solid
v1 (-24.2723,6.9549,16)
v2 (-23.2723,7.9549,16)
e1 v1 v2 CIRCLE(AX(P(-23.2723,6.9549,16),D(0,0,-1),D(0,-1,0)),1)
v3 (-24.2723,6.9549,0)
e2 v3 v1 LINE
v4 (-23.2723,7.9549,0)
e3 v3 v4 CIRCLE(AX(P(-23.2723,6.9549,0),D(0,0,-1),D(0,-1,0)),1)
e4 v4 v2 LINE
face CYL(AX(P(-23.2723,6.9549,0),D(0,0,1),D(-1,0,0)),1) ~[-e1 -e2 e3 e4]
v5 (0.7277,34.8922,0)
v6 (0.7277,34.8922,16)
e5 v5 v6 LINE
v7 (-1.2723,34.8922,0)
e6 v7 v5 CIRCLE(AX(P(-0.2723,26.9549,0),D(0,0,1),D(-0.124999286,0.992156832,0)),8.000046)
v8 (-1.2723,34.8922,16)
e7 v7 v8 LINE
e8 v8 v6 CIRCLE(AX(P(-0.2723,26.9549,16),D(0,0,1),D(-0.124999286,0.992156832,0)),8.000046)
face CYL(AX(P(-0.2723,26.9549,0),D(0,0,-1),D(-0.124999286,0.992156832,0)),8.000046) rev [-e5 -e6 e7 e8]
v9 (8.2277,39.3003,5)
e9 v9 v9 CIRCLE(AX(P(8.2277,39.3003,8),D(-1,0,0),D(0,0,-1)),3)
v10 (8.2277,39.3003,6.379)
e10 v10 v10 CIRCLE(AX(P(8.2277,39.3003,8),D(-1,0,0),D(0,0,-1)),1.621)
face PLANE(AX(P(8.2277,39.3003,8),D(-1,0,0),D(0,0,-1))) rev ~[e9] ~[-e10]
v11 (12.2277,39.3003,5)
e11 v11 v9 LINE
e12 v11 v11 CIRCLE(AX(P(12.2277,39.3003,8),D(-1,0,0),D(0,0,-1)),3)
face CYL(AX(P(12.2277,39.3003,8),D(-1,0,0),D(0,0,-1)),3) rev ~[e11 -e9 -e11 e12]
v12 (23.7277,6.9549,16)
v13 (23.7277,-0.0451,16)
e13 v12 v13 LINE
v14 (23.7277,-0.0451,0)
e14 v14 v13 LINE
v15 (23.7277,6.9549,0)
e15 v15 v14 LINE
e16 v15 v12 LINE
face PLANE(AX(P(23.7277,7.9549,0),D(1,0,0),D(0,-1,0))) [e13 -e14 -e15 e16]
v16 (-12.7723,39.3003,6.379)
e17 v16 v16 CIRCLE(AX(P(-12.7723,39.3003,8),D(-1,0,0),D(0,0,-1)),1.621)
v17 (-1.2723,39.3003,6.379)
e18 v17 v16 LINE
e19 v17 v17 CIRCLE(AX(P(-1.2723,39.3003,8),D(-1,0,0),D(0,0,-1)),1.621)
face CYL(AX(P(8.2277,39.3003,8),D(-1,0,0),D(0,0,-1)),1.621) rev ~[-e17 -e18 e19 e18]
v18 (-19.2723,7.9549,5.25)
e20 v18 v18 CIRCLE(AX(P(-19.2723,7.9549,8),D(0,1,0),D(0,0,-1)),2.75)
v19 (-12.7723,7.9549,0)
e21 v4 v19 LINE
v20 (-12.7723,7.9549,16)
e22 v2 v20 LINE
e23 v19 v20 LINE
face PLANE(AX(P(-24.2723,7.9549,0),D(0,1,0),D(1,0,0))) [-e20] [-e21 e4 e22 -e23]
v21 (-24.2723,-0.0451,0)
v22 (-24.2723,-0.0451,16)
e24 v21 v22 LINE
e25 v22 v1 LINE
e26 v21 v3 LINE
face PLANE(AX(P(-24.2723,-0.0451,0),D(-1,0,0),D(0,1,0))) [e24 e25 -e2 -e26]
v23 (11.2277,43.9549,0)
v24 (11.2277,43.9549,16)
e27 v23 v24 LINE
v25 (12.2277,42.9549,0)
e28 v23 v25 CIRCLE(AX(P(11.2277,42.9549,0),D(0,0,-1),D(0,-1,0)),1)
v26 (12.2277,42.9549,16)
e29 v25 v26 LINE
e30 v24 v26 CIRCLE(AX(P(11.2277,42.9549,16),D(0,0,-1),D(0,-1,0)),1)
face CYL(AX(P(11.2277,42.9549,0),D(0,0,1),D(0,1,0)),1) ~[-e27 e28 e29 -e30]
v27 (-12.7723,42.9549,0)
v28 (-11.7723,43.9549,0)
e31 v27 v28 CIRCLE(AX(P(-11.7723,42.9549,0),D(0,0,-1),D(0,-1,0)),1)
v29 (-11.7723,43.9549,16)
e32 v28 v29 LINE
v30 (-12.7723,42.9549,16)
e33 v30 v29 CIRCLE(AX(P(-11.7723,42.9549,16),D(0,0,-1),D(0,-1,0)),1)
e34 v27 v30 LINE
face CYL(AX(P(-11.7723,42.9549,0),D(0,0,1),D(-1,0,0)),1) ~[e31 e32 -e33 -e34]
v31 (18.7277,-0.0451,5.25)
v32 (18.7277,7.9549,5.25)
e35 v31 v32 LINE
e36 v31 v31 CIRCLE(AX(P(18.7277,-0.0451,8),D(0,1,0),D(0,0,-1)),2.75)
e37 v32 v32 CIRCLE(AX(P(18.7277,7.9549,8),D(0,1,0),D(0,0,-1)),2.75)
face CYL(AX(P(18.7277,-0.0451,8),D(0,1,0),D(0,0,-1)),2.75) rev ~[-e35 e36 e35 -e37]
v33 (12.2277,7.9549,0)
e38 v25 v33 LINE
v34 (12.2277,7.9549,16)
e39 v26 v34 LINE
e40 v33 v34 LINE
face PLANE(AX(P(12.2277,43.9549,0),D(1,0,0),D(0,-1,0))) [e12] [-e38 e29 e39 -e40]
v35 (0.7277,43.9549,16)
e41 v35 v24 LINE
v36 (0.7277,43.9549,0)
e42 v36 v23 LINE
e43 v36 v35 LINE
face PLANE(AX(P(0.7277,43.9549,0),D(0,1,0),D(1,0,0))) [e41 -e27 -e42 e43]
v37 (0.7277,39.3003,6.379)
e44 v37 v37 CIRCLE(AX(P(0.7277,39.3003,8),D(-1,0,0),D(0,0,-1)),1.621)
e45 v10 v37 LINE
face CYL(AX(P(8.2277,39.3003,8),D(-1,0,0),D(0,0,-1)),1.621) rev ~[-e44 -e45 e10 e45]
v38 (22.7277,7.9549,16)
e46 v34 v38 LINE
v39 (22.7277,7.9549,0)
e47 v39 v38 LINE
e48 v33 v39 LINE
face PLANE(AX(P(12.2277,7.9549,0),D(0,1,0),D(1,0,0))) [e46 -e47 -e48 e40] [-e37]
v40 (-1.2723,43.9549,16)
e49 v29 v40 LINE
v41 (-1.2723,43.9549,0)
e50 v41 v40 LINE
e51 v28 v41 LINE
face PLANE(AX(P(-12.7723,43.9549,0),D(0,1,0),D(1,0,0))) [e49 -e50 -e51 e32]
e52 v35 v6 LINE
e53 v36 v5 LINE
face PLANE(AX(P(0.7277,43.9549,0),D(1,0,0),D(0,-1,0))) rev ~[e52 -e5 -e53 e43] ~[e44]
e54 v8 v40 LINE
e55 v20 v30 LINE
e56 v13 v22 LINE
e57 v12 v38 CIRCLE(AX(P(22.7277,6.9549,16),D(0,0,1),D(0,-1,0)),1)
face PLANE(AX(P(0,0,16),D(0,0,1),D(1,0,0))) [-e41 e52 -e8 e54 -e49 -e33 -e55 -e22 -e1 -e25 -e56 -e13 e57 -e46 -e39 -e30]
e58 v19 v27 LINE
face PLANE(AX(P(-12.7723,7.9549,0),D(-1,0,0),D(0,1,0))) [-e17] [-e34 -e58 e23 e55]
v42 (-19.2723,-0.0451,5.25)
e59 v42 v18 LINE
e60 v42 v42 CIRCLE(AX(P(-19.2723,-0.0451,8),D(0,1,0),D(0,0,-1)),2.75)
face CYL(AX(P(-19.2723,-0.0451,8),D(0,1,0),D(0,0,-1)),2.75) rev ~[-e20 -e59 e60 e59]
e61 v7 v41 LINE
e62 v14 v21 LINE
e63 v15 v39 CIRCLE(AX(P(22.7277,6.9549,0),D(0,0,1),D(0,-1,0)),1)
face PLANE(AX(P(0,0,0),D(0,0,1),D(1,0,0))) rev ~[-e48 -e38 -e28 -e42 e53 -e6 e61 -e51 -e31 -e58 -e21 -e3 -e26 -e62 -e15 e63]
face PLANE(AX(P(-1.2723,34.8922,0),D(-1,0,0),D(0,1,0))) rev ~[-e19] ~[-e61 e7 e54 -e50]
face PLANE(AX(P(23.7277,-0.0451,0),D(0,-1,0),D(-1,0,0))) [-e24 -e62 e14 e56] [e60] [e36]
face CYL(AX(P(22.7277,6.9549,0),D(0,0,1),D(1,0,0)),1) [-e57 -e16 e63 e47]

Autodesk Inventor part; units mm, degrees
ref_plane "YZ Plane" through (0, 0, 0) normal (1, 0, 0) x (0, 1, 0)
ref_plane "XZ Plane" through (0, 0, 0) normal (0, 1, 0) x (-1, 0, 0)
ref_plane "XY Plane" through (0, 0, 0) normal (0, 0, 1) x (1, 0, 0)
sketch "Esboço1" plane through (0, 0, 0) normal (0, 0, 1) x (1, 0, 0)
  line L0 (23.7277, -0.0451) -> (-24.2723, -0.0451)
  line L1 (-24.2723, -0.0451) -> (-24.2723, 7.9549)
  line L2 (23.7277, 7.9549) -> (23.7277, -0.0451)
  line L3 (12.2277, 43.9549) -> (12.2277, 7.9549)
  line L4 (-12.7723, 7.9549) -> (-12.7723, 43.9549)
  arc A0 (-1.2723, 34.8922) -> (0.7277, 34.8922) centre (-0.2723, 26.9549) ccw
  line L5 (-24.2723, 7.9549) -> (-12.7723, 7.9549)
  line L6 (12.2277, 7.9549) -> (23.7277, 7.9549)
  line L7 (0.7277, 43.9549) -> (0.7277, 34.8922)
  line L8 (-1.2723, 34.8922) -> (-1.2723, 43.9549)
  line L9 (-12.7723, 43.9549) -> (-1.2723, 43.9549)
  line L10 (0.7277, 43.9549) -> (12.2277, 43.9549)
  point P0 (-0.2723, 43.9549)
  dimension "largura" = 48
  dimension "largura_topo" = 25
  dimension "altura_base" = 8
  dimension "diametro" = 16
  dimension "altura_furo" = 27
  dimension "d6" = 11.5
  dimension "d7" = 12.5
  dimension "d8" = 8
  dimension "d10" = 11.5
  dimension "d11" = 11.5
extrude "Extrusão1" add sketch "Esboço1" along normal blind 16
sketch "Esboço2" plane through (12.2277, 7.9549, 0) normal (1, 0, 0) x (0, 0, -1)
  line L0 (0, 26.9373) -> (-16, 26.9373) projected
  line L1 (-8, 26.9373) -> (-8, 35.7534) construction
  circle A0 centre (-8, 31.3453) radius 1.1711 construction
  point P0 (0, -7.9549)
hole "Furo1" at (12.2277, 39.3003, 8) direction (-1, 0, 0) diameter 3.242 end through all counterbore diameter 6 counterbore depth 4 thread size "M4x0.7" class "6H" standard "ANSI Metric M Profile"
sketch "Esboço3" plane through (-24.2723, -0.0451, 0) normal (0, -1, 0) x (1, 0, 0)
  line L0 (5, 8) -> (43, 8) construction
  circle A0 centre (5, 8) radius 1 construction
  circle A1 centre (43, 8) radius 1 construction
  line L1 (48, 0) -> (0, 0) construction
  line L2 (24, 0) -> (24, 16) construction
  line L3 (0, 16) -> (48, 16) construction
  point P0 (24, 8)
  dimension "distancia_parafusos" = 38
  dimension "d22" = 2
  dimension "d23" = 2
hole "Furo2" at (-19.2723, -0.0451, 8) at (18.7277, -0.0451, 8) direction (0, 1, 0) diameter 5.5 end through all
fillet "Arredondamento1" radius 1 4 edges at (12.2277, 43.9549, 8) (-12.7723, 43.9549, 8) (-24.2723, 7.9549, 8) (23.7277, 7.9549, 8)
equation "\"d6\" = -0.5 * largura_topo + 0.5 * largura"
equation "\"d7\" = 0.5 * largura_topo"
equation "\"d8\" = altura_base"
equation "\"d11\" = d10"
properties part number "Sk16"
